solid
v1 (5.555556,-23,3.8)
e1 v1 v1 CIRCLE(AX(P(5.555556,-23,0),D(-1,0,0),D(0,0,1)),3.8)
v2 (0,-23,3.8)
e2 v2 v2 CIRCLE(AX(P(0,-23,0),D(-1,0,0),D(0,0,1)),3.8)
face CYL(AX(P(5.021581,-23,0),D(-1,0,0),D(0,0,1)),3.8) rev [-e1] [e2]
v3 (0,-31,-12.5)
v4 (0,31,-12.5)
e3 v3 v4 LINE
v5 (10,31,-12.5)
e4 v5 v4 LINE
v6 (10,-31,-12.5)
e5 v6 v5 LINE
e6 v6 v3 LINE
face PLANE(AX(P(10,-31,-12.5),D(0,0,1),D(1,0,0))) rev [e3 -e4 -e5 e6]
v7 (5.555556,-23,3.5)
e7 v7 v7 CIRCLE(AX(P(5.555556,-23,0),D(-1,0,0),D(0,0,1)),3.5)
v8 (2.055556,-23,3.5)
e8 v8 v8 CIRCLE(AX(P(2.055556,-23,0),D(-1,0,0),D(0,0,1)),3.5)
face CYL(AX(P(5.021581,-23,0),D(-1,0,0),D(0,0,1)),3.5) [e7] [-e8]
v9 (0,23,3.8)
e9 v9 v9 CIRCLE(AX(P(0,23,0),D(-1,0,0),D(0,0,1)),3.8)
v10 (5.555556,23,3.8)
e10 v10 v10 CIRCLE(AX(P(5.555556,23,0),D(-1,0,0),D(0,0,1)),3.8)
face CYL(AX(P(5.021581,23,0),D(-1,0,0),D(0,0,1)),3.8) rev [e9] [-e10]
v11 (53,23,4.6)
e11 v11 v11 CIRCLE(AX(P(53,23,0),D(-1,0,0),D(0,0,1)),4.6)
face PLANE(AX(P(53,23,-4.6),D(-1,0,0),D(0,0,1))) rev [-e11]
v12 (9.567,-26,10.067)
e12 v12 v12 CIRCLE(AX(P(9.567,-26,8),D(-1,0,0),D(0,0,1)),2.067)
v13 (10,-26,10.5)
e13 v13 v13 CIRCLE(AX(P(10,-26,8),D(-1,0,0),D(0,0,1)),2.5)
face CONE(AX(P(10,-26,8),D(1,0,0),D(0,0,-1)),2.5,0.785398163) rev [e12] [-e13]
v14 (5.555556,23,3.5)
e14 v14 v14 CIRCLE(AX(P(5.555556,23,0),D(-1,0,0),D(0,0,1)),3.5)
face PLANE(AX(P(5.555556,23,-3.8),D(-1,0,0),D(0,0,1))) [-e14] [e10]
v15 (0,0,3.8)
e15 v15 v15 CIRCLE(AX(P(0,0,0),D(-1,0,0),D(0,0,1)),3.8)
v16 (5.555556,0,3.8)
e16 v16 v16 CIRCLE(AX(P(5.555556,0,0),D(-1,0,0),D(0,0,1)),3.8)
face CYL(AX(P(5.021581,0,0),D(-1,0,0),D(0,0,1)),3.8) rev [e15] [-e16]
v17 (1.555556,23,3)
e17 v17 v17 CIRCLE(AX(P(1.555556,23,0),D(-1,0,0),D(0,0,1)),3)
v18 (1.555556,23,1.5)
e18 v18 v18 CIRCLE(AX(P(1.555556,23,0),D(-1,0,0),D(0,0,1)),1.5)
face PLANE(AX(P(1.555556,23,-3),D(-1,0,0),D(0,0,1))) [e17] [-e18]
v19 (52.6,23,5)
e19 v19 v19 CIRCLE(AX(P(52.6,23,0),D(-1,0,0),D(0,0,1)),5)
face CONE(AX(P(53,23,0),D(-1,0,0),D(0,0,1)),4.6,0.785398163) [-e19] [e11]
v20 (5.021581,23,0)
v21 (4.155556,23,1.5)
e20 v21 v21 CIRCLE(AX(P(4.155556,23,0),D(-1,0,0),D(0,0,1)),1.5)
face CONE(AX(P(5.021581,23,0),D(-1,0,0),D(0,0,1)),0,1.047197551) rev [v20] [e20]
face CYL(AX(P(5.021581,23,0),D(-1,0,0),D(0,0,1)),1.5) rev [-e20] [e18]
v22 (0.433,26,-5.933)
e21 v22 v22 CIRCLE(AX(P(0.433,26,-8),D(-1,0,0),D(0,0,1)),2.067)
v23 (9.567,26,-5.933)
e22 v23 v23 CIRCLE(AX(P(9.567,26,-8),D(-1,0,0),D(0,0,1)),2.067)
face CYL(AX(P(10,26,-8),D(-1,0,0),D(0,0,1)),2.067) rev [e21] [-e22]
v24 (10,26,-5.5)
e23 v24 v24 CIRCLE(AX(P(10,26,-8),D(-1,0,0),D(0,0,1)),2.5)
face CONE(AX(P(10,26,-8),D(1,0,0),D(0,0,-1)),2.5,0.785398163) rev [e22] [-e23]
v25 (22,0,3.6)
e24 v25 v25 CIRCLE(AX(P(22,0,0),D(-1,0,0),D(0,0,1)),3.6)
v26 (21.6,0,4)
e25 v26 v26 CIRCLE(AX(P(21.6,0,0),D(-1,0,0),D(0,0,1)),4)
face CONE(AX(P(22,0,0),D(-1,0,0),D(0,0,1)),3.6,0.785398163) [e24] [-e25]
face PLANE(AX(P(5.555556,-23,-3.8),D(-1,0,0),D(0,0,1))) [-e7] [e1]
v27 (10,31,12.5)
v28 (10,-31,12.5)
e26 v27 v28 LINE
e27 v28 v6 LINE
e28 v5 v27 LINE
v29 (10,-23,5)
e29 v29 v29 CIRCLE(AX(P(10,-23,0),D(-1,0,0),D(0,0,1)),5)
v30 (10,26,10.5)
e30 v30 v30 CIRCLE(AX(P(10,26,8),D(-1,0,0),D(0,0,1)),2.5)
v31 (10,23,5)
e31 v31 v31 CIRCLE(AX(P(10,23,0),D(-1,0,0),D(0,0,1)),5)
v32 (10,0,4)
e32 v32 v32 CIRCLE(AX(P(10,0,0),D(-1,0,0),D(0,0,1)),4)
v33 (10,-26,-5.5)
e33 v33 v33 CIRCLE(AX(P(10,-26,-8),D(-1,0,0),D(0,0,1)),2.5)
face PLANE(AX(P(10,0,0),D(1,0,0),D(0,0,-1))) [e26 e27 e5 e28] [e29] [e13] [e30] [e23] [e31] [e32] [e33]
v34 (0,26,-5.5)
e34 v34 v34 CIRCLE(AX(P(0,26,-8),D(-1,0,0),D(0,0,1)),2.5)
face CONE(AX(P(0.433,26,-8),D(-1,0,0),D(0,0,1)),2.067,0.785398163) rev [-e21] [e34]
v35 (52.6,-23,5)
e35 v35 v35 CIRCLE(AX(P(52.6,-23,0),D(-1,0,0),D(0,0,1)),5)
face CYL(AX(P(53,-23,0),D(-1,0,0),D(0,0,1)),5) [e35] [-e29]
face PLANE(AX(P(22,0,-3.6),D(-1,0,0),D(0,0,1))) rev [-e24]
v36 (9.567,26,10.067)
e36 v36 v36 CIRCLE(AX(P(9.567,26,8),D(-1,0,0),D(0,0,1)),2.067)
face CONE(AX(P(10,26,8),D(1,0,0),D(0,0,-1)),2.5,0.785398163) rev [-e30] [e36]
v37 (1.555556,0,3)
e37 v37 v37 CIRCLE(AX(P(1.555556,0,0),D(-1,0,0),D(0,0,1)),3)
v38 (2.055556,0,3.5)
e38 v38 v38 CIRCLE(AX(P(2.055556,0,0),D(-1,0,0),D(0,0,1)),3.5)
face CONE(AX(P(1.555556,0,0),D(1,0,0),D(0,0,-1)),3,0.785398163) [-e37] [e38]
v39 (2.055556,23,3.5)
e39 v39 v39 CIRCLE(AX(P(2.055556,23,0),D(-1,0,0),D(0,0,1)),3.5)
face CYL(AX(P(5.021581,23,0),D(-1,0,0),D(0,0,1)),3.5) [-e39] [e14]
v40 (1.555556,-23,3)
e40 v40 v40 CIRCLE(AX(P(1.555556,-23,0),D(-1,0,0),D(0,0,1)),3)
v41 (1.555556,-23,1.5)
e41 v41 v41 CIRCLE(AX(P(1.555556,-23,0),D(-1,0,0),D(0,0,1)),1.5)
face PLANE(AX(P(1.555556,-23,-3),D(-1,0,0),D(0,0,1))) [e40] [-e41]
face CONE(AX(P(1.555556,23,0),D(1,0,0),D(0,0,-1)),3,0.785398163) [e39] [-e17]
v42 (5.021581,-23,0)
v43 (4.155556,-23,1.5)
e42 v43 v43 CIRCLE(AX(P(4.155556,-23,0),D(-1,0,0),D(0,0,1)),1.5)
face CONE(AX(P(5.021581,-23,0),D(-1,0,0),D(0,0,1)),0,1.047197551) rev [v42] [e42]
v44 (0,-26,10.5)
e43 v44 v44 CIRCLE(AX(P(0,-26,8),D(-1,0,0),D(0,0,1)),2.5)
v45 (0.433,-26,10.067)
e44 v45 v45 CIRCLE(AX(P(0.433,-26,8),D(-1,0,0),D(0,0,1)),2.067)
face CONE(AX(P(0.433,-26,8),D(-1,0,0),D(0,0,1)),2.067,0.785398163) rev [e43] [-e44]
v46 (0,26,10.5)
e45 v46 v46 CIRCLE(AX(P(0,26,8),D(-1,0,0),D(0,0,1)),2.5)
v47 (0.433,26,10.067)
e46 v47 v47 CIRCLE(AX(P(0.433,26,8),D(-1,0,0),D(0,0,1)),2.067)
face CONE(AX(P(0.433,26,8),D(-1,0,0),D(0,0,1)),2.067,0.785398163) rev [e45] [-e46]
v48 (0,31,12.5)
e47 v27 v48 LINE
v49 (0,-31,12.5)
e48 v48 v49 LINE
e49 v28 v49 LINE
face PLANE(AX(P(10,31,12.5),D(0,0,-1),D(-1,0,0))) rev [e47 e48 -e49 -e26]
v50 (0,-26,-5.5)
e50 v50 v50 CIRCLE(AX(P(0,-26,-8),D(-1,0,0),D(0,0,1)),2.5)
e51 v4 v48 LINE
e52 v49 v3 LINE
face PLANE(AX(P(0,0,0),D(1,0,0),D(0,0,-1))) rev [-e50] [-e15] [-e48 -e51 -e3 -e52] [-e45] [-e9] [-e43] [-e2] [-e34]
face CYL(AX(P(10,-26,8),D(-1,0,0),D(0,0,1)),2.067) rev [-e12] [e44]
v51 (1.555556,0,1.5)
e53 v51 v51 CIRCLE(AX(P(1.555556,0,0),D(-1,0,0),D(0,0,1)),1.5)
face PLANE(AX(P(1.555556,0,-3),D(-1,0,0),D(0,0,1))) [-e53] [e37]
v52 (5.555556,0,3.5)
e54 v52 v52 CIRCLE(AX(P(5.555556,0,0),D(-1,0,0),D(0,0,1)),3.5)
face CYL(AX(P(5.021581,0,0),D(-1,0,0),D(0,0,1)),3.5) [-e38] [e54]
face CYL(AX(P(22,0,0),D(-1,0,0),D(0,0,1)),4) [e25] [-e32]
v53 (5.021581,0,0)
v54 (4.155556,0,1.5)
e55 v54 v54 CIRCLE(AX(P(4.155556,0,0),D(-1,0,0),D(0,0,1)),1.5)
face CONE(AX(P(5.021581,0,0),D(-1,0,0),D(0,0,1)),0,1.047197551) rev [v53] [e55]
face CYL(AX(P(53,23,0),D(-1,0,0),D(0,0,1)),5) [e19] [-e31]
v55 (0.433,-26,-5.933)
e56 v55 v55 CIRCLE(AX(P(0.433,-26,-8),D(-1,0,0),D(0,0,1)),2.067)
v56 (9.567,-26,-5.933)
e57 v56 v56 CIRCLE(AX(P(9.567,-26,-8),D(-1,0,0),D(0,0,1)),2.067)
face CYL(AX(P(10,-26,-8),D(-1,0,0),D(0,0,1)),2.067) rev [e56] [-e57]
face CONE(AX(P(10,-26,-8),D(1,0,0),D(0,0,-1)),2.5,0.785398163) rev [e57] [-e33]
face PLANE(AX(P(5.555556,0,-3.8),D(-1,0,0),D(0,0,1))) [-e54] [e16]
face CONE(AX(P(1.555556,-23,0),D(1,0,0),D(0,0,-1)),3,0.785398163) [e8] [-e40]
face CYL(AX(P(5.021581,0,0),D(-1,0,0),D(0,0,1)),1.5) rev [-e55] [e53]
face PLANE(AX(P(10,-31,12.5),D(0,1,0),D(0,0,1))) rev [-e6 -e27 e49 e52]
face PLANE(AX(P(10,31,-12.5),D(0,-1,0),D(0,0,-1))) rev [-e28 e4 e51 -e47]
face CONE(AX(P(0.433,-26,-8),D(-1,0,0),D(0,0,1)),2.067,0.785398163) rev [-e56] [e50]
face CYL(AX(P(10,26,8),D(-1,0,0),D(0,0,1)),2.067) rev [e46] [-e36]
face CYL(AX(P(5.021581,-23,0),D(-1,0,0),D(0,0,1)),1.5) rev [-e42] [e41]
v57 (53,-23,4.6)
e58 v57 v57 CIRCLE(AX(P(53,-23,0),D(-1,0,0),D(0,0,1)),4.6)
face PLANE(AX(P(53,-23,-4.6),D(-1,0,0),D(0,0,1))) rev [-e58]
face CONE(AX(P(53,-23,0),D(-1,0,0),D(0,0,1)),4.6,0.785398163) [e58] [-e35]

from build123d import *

# Parameters (mm, degrees)
SKETCH_1_W                  = 25
SKETCH_1_H                  = 62
EXTRUDE_1_DEPTH             = 10
PATTERN_LINEAR_1_COUNT      = 2
PATTERN_LINEAR_1_PITCH      = 16
PATTERN_LINEAR_1_COUNT_DIR2 = 2
PATTERN_LINEAR_1_PITCH_DIR2 = 52


with BuildPart() as part:
    # 草图1 → 凸台-拉伸1 (new body)
    with BuildSketch(Plane(origin=(0, 0, 0), x_dir=(0, 0, -1), z_dir=(1, 0, 0))):
        Rectangle(SKETCH_1_W, SKETCH_1_H)
    extrude(amount=EXTRUDE_1_DEPTH)

    # 草图2 → 切除-旋转1 (revolve, cut)
    with BuildSketch(Plane(origin=(0, 26, 0), x_dir=(1, 0, 0), z_dir=(0, 1, 0))):
        Polygon((0, 8), (0, 10.5), (0.433, 10.067), (9.567, 10.067), (10, 10.5), (10, 8), align=None)
    cut_revolve_1 = revolve(axis=Axis((10, 26, -8), (-1, 0, 0)), mode=Mode.SUBTRACT)

    # 阵列(线性)1: Cut-Revolve 1 2 × 2
    with Locations(*[(0, -j * PATTERN_LINEAR_1_PITCH_DIR2, i * PATTERN_LINEAR_1_PITCH) for i in range(PATTERN_LINEAR_1_COUNT) for j in range(PATTERN_LINEAR_1_COUNT_DIR2) if (i, j) != (0, 0)]):
        add(cut_revolve_1, mode=Mode.SUBTRACT)

    # 草图4 → 切除-旋转2 (revolve, cut)
    with BuildSketch(Plane(origin=(0, 23, 0), x_dir=(1, 0, 0), z_dir=(0, 1, 0))):
        Polygon((0, 0), (0, 3.8), (5.555555556, 3.8), (5.555555556, 3.5), (2.055555556, 3.5), (1.555555556, 3), (1.555555556, 1.5), (4.155555556, 1.5), (5.021580959, 0), align=None)
    revolve(axis=Axis((5.021580959, 23, 0), (-1, 0, 0)), mode=Mode.SUBTRACT)

    # 草图5 → 切除-旋转3 (revolve, cut)
    with BuildSketch(Plane(origin=(0, 0, 0), x_dir=(1, 0, 0), z_dir=(0, 1, 0))):
        Polygon((0, 0), (0, 3.8), (5.555555556, 3.8), (5.555555556, 3.5), (2.055555556, 3.5), (1.555555556, 3), (1.555555556, 1.5), (4.155555556, 1.5), (5.021580959, 0), align=None)
    revolve(axis=Axis((5.021580959, 0, 0), (-1, 0, 0)), mode=Mode.SUBTRACT)

    # 草图6 → 切除-旋转4 (revolve, cut)
    with BuildSketch(Plane(origin=(0, -23, 0), x_dir=(1, 0, 0), z_dir=(0, 1, 0))):
        Polygon((0, 0), (0, 3.8), (5.555555556, 3.8), (5.555555556, 3.5), (2.055555556, 3.5), (1.555555556, 3), (1.555555556, 1.5), (4.155555556, 1.5), (5.021580959, 0), align=None)
    revolve(axis=Axis((5.021580959, -23, 0), (-1, 0, 0)), mode=Mode.SUBTRACT)

    # 草图7 → 旋转1 (revolve)
    with BuildSketch(Plane(origin=(0, 0, 0), x_dir=(1, 0, 0), z_dir=(0, 1, 0))):
        Polygon((10, 0), (10, 4), (21.6, 4), (22, 3.6), (22, 0), align=None)
    revolve(axis=Axis((22, 0, 0), (-1, 0, 0)))

    # 草图8 → 旋转2 (revolve)
    with BuildSketch(Plane(origin=(0, -23, 0), x_dir=(1, 0, 0), z_dir=(0, 1, 0))):
        Polygon((10, 0), (10, 5), (52.6, 5), (53, 4.6), (53, 0), align=None)
    revolve(axis=Axis((53, -23, 0), (-1, 0, 0)))

    # 草图9 → 旋转3 (revolve)
    with BuildSketch(Plane(origin=(0, 23, 0), x_dir=(1, 0, 0), z_dir=(0, 1, 0))):
        Polygon((10, 0), (10, 5), (52.6, 5), (53, 4.6), (53, 0), align=None)
    revolve(axis=Axis((53, 23, 0), (-1, 0, 0)))


solid = part.part
